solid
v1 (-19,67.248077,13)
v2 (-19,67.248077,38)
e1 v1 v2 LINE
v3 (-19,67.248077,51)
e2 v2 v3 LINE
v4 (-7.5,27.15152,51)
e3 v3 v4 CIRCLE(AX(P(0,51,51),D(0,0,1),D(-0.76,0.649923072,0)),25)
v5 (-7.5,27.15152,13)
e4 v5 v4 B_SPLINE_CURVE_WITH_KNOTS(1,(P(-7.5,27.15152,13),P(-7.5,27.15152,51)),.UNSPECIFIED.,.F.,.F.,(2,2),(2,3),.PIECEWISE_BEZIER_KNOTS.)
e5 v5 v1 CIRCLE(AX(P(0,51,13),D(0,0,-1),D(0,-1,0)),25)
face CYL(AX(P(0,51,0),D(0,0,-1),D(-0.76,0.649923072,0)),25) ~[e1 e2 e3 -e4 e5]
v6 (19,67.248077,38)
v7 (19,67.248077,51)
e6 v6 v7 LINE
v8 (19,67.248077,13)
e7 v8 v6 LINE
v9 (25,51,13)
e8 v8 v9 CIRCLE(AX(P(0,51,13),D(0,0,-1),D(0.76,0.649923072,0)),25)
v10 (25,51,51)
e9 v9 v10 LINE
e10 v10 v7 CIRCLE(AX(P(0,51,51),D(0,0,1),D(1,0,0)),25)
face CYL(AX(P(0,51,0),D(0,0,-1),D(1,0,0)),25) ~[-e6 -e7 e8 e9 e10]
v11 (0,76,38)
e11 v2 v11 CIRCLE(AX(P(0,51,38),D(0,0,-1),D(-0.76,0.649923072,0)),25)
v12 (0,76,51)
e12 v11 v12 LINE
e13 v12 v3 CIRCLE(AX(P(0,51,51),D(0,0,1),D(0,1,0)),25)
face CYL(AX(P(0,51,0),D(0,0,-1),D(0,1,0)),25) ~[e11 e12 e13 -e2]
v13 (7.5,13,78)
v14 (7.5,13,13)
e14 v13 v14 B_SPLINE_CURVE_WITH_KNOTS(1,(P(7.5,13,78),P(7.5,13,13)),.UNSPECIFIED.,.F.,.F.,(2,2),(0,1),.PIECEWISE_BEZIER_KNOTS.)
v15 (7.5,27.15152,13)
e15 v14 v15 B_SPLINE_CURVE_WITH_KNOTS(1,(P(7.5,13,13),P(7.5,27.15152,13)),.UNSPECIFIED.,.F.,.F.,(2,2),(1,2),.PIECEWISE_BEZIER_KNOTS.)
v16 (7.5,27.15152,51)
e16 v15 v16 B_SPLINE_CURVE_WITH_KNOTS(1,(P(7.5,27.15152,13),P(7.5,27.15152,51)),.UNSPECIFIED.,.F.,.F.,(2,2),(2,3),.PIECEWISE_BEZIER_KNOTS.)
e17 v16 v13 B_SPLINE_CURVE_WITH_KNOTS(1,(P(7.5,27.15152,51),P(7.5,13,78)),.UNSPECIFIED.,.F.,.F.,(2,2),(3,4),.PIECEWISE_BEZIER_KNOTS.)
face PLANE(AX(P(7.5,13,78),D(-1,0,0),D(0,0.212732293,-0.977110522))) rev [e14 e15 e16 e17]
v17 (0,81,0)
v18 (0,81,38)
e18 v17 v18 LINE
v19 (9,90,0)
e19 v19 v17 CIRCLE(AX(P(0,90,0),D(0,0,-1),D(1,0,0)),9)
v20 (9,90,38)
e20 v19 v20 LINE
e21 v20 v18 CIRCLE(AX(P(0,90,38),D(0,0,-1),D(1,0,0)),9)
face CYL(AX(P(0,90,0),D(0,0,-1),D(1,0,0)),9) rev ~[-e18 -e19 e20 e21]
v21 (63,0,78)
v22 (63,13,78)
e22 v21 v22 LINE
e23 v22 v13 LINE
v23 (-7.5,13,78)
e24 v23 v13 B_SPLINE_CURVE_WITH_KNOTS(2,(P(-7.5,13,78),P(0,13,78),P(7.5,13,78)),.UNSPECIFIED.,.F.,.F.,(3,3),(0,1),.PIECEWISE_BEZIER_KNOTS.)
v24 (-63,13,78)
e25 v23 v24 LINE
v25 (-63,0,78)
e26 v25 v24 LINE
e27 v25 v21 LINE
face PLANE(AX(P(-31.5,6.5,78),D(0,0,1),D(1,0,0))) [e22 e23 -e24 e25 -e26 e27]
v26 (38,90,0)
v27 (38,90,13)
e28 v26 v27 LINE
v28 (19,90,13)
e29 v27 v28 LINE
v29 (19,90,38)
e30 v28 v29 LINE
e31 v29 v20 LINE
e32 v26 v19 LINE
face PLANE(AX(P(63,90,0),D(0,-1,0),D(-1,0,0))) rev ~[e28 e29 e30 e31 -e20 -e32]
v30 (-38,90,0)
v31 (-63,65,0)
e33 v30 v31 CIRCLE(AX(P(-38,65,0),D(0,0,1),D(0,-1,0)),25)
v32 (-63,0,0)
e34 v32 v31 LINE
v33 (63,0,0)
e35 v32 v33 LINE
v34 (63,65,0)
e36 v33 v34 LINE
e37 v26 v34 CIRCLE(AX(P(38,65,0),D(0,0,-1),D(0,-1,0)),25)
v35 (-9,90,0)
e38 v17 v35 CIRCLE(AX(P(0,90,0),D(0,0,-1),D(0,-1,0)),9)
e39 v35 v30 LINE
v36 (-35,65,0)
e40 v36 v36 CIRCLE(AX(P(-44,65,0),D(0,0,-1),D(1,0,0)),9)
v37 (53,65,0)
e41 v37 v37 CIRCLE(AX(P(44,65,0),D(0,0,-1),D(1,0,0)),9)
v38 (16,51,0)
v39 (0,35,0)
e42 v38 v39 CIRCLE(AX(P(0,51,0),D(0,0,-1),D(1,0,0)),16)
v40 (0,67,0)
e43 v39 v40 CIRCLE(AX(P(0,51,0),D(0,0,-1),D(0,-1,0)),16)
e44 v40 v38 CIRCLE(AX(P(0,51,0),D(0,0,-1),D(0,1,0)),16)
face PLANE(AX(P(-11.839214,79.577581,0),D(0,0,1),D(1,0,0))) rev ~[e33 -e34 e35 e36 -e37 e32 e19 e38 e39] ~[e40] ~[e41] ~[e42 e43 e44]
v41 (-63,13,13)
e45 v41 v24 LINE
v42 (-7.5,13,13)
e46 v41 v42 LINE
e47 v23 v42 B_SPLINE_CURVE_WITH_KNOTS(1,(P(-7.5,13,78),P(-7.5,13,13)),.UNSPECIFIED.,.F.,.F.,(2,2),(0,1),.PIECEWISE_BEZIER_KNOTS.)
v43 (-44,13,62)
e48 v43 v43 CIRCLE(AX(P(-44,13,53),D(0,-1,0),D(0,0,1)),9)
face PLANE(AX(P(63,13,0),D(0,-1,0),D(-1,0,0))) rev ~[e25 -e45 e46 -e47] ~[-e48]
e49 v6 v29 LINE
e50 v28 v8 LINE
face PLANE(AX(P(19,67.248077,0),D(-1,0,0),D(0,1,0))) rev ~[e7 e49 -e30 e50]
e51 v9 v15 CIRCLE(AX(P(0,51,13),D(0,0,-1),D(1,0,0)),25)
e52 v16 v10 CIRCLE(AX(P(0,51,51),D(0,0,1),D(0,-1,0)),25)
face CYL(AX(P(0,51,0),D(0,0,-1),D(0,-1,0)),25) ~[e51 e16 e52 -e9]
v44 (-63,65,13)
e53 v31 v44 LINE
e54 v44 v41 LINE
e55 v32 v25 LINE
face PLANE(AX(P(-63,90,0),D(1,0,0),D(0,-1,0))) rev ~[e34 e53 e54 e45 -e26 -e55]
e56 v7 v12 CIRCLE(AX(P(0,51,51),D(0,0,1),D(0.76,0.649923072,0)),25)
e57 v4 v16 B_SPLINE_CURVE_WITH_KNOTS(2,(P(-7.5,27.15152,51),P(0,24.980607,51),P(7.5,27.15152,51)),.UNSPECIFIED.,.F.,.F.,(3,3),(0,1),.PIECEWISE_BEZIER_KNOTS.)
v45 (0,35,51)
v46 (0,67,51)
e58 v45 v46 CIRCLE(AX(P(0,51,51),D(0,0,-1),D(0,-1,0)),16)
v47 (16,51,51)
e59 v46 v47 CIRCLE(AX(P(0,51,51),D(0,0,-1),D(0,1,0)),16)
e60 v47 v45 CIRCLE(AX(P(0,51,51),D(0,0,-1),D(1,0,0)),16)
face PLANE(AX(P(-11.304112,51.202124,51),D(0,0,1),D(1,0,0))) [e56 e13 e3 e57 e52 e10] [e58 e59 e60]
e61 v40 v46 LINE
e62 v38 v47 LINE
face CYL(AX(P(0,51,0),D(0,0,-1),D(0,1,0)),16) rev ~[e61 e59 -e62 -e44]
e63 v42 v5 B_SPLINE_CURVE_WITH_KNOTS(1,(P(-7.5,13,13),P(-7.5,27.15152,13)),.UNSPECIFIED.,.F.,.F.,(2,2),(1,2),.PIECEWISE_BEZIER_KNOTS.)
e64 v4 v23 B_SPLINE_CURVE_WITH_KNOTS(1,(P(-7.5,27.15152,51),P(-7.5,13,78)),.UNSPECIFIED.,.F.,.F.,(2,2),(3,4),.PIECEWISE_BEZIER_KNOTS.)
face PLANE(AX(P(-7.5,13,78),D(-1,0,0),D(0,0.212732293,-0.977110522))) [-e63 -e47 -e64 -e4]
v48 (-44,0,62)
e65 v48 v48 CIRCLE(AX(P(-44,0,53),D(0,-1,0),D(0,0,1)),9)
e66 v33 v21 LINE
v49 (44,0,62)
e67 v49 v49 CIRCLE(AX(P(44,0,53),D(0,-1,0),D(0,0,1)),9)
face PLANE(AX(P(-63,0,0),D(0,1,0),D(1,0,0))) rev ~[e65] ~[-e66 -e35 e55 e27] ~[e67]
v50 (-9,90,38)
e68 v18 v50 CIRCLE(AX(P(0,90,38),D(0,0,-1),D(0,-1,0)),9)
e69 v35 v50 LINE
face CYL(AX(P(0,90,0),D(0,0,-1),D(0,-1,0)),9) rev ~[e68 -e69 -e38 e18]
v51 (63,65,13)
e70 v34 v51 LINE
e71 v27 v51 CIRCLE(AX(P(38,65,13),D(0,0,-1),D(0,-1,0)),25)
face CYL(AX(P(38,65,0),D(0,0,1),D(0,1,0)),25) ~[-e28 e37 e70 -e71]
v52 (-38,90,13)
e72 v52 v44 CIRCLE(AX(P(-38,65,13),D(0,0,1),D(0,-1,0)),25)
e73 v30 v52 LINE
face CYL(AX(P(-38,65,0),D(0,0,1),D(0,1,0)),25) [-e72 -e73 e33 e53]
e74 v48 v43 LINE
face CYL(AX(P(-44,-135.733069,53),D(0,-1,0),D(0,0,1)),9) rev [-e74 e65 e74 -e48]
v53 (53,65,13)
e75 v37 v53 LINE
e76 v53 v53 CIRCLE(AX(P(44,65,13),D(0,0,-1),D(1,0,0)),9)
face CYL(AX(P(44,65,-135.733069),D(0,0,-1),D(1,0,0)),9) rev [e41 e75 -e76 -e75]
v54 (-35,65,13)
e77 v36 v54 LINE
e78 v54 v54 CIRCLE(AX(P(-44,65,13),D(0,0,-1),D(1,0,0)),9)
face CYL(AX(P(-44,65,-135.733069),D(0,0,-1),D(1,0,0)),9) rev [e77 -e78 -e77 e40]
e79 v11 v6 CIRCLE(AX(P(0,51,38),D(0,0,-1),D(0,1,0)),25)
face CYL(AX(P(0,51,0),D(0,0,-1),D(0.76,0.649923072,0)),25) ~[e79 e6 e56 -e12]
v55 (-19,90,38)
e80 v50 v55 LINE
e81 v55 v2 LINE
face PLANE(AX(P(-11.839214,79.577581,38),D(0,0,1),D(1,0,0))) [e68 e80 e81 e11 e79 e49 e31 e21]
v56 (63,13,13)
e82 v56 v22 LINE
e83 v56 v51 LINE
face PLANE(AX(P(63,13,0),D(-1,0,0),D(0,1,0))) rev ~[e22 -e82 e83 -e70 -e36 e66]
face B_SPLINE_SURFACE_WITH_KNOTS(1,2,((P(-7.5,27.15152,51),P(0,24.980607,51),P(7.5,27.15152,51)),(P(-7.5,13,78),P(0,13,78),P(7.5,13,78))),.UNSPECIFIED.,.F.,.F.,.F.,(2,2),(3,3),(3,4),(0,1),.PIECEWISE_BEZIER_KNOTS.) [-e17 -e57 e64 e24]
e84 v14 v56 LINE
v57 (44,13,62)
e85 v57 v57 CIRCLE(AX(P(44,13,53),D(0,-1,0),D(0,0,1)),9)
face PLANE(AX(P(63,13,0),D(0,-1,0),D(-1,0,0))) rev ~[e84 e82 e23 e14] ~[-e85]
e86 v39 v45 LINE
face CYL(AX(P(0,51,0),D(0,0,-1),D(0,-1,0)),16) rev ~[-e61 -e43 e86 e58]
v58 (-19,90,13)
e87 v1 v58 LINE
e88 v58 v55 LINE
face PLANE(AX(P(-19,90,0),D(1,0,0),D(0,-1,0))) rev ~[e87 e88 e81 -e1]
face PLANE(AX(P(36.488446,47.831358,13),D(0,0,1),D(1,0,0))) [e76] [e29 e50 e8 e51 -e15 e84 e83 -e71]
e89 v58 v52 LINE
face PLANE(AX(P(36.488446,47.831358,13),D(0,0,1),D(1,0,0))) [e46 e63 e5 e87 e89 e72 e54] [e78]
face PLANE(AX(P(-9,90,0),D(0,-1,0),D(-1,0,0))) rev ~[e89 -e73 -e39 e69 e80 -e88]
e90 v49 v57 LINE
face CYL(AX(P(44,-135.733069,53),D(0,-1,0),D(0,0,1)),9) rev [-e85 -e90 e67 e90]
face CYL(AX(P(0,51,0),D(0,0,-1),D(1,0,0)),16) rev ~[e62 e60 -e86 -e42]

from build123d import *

# Parameters (mm, degrees)
SKETCH1_W               = 63
SKETCH1_H               = 13
BOSS_EXTRUDE1_DEPTH     = 78
BOSS_EXTRUDE2_DEPTH     = 51
BOSS_EXTRUDE3_DEPTH     = 13
BOSS_EXTRUDE5_DEPTH     = 38
FILLET1_R               = 25
CUT_EXTRUDE1_DEPTH      = 135.733069437
CUT_EXTRUDE1_DEPTH_BACK = 135.733069437
SKETCH3_R               = 9
CUT_EXTRUDE2_DEPTH      = 135.733069437
CUT_EXTRUDE2_DEPTH_BACK = 135.733069437
SKETCH2_R               = 9


with BuildPart() as part:
    # Sketch1 → Boss-Extrude1 (new body)
    with BuildSketch(Plane.XY):
        with Locations((-31.5, 6.5)):
            Rectangle(SKETCH1_W, SKETCH1_H)
        with Locations((31.5, 6.5)):
            Rectangle(SKETCH1_W, SKETCH1_H)
    extrude(amount=BOSS_EXTRUDE1_DEPTH)



with BuildPart() as body_2:
    # Sketch1<3> → Boss-Extrude2 (new body)
    with BuildSketch(Plane.XY):
        with BuildLine():
            ThreePointArc((-19, 67.248076809), (-22.706848309, 40.540600405), (0, 26))
            Line((0, 26), (0, 35))
            ThreePointArc((0, 35), (-16, 51), (0, 67))
            Line((0, 67), (0, 76))
            ThreePointArc((0, 76), (-10.459399595, 73.706848309), (-19, 67.248076809))
        make_face()
        with BuildLine():
            Line((0, 35), (0, 26))
            ThreePointArc((0, 26), (17.67766953, 33.32233047), (25, 51))
            ThreePointArc((25, 51), (23.452078799, 59.660254038), (19, 67.248076809))
            ThreePointArc((19, 67.248076809), (10.459399595, 73.706848309), (0, 76))
            Line((0, 76), (0, 67))
            ThreePointArc((0, 67), (11.313708499, 62.313708499), (16, 51))
            ThreePointArc((16, 51), (11.313708499, 39.686291501), (0, 35))
        make_face()
    extrude(amount=BOSS_EXTRUDE2_DEPTH)


with BuildPart() as part_1:
    add(part.part)

    add(body_2.part)  # Boss-Extrude3 merges body 2
    # Sketch1<5> → Boss-Extrude3 (add)
    with BuildSketch(Plane.XY):
        with BuildLine():
            Line((0, 13), (63, 13))
            Line((63, 13), (63, 90))
            Line((63, 90), (19, 90))
            Line((19, 90), (19, 67.248076809))
            ThreePointArc((19, 67.248076809), (23.452078799, 59.660254038), (25, 51))
            ThreePointArc((25, 51), (17.67766953, 33.32233047), (0, 26))
            Line((0, 26), (0, 13))
        make_face()
        with BuildLine():
            Line((-63, 13), (0, 13))
            Line((0, 13), (0, 26))
            ThreePointArc((0, 26), (-22.706848309, 40.540600405), (-19, 67.248076809))
            Line((-19, 67.248076809), (-19, 90))
            Line((-19, 90), (-63, 90))
            Line((-63, 90), (-63, 13))
        make_face()
    extrude(amount=BOSS_EXTRUDE3_DEPTH)

    # Sketch1<7> → Boss-Extrude5 (add)
    with BuildSketch(Plane.XY):
        with BuildLine():
            Line((-19, 90), (-19, 67.248076809))
            ThreePointArc((-19, 67.248076809), (-10.459399595, 73.706848309), (0, 76))
            Line((0, 76), (0, 81))
            ThreePointArc((0, 81), (-6.363961031, 83.636038969), (-9, 90))
            Line((-9, 90), (-19, 90))
        make_face()
        with BuildLine():
            Line((19, 67.248076809), (19, 90))
            Line((19, 90), (9, 90))
            ThreePointArc((9, 90), (6.363961031, 83.636038969), (0, 81))
            Line((0, 81), (0, 76))
            ThreePointArc((0, 76), (10.459399595, 73.706848309), (19, 67.248076809))
        make_face()
    extrude(amount=BOSS_EXTRUDE5_DEPTH)

    # Fillet1
    fillet1_edges = [part_1.edges().sort_by_distance(p)[0] for p in [
        (-63, 90, 6.5),
        (63, 90, 6.5),
    ]]
    fillet(fillet1_edges, radius=FILLET1_R)

    # Sketch3 → Cut-Extrude1 (cut, two sides: drawn at the far end of the back side and taken through both)
    with BuildSketch(Plane(origin=(0, 0, 0), x_dir=(1, 0, 0), z_dir=(0, 1, 0)).offset(-CUT_EXTRUDE1_DEPTH_BACK)):
        with Locations(Location((-44, -53, 0), (0, 0, 270))):
            Circle(SKETCH3_R)
        with Locations(Location((44, -53, 0), (0, 0, 270))):
            Circle(SKETCH3_R)
    extrude(amount=CUT_EXTRUDE1_DEPTH + CUT_EXTRUDE1_DEPTH_BACK, mode=Mode.SUBTRACT)

    # Sketch2 → Cut-Extrude2 (cut, two sides: drawn at the far end of the back side and taken through both)
    with BuildSketch(Plane.XY.offset(-CUT_EXTRUDE2_DEPTH_BACK)):
        with Locations((-44, 65)):
            Circle(SKETCH2_R)
        with Locations((44, 65)):
            Circle(SKETCH2_R)
    extrude(amount=CUT_EXTRUDE2_DEPTH + CUT_EXTRUDE2_DEPTH_BACK, mode=Mode.SUBTRACT)

    # Sketch13 → Loft1 section 0
    with BuildSketch(Plane(origin=(-7.5, 0, 0), x_dir=(0, 0, -1), z_dir=(1, 0, 0))):
        with BuildLine():
            Line((-78, 13), (-13, 13))
            Line((-13, 13), (-13, 27.151519965))
            Line((-13, 27.151519965), (-51, 27.151519965))
            Line((-51, 27.151519965), (-78, 13))
        make_face()
    # Sketch5 → Loft1 section 1
    with BuildSketch(Plane(origin=(0, 0, 0), x_dir=(0, 0, -1), z_dir=(1, 0, 0))):
        with BuildLine():
            Line((-78, 13), (-51, 26.066063348))
            Line((-51, 26.066063348), (-13, 26))
            Line((-13, 26), (-13, 13))
            Line((-13, 13), (-78, 13))
        make_face()
    # Sketch12 → Loft1 section 2
    with BuildSketch(Plane(origin=(7.5, 0, 0), x_dir=(0, 0, -1), z_dir=(1, 0, 0))):
        with BuildLine():
            Line((-51, 27.151519965), (-78, 13))
            Line((-78, 13), (-13, 13))
            Line((-13, 13), (-13, 27.151519965))
            Line((-13, 27.151519965), (-51, 27.151519965))
        make_face()
    loft()


solid = part_1.part
